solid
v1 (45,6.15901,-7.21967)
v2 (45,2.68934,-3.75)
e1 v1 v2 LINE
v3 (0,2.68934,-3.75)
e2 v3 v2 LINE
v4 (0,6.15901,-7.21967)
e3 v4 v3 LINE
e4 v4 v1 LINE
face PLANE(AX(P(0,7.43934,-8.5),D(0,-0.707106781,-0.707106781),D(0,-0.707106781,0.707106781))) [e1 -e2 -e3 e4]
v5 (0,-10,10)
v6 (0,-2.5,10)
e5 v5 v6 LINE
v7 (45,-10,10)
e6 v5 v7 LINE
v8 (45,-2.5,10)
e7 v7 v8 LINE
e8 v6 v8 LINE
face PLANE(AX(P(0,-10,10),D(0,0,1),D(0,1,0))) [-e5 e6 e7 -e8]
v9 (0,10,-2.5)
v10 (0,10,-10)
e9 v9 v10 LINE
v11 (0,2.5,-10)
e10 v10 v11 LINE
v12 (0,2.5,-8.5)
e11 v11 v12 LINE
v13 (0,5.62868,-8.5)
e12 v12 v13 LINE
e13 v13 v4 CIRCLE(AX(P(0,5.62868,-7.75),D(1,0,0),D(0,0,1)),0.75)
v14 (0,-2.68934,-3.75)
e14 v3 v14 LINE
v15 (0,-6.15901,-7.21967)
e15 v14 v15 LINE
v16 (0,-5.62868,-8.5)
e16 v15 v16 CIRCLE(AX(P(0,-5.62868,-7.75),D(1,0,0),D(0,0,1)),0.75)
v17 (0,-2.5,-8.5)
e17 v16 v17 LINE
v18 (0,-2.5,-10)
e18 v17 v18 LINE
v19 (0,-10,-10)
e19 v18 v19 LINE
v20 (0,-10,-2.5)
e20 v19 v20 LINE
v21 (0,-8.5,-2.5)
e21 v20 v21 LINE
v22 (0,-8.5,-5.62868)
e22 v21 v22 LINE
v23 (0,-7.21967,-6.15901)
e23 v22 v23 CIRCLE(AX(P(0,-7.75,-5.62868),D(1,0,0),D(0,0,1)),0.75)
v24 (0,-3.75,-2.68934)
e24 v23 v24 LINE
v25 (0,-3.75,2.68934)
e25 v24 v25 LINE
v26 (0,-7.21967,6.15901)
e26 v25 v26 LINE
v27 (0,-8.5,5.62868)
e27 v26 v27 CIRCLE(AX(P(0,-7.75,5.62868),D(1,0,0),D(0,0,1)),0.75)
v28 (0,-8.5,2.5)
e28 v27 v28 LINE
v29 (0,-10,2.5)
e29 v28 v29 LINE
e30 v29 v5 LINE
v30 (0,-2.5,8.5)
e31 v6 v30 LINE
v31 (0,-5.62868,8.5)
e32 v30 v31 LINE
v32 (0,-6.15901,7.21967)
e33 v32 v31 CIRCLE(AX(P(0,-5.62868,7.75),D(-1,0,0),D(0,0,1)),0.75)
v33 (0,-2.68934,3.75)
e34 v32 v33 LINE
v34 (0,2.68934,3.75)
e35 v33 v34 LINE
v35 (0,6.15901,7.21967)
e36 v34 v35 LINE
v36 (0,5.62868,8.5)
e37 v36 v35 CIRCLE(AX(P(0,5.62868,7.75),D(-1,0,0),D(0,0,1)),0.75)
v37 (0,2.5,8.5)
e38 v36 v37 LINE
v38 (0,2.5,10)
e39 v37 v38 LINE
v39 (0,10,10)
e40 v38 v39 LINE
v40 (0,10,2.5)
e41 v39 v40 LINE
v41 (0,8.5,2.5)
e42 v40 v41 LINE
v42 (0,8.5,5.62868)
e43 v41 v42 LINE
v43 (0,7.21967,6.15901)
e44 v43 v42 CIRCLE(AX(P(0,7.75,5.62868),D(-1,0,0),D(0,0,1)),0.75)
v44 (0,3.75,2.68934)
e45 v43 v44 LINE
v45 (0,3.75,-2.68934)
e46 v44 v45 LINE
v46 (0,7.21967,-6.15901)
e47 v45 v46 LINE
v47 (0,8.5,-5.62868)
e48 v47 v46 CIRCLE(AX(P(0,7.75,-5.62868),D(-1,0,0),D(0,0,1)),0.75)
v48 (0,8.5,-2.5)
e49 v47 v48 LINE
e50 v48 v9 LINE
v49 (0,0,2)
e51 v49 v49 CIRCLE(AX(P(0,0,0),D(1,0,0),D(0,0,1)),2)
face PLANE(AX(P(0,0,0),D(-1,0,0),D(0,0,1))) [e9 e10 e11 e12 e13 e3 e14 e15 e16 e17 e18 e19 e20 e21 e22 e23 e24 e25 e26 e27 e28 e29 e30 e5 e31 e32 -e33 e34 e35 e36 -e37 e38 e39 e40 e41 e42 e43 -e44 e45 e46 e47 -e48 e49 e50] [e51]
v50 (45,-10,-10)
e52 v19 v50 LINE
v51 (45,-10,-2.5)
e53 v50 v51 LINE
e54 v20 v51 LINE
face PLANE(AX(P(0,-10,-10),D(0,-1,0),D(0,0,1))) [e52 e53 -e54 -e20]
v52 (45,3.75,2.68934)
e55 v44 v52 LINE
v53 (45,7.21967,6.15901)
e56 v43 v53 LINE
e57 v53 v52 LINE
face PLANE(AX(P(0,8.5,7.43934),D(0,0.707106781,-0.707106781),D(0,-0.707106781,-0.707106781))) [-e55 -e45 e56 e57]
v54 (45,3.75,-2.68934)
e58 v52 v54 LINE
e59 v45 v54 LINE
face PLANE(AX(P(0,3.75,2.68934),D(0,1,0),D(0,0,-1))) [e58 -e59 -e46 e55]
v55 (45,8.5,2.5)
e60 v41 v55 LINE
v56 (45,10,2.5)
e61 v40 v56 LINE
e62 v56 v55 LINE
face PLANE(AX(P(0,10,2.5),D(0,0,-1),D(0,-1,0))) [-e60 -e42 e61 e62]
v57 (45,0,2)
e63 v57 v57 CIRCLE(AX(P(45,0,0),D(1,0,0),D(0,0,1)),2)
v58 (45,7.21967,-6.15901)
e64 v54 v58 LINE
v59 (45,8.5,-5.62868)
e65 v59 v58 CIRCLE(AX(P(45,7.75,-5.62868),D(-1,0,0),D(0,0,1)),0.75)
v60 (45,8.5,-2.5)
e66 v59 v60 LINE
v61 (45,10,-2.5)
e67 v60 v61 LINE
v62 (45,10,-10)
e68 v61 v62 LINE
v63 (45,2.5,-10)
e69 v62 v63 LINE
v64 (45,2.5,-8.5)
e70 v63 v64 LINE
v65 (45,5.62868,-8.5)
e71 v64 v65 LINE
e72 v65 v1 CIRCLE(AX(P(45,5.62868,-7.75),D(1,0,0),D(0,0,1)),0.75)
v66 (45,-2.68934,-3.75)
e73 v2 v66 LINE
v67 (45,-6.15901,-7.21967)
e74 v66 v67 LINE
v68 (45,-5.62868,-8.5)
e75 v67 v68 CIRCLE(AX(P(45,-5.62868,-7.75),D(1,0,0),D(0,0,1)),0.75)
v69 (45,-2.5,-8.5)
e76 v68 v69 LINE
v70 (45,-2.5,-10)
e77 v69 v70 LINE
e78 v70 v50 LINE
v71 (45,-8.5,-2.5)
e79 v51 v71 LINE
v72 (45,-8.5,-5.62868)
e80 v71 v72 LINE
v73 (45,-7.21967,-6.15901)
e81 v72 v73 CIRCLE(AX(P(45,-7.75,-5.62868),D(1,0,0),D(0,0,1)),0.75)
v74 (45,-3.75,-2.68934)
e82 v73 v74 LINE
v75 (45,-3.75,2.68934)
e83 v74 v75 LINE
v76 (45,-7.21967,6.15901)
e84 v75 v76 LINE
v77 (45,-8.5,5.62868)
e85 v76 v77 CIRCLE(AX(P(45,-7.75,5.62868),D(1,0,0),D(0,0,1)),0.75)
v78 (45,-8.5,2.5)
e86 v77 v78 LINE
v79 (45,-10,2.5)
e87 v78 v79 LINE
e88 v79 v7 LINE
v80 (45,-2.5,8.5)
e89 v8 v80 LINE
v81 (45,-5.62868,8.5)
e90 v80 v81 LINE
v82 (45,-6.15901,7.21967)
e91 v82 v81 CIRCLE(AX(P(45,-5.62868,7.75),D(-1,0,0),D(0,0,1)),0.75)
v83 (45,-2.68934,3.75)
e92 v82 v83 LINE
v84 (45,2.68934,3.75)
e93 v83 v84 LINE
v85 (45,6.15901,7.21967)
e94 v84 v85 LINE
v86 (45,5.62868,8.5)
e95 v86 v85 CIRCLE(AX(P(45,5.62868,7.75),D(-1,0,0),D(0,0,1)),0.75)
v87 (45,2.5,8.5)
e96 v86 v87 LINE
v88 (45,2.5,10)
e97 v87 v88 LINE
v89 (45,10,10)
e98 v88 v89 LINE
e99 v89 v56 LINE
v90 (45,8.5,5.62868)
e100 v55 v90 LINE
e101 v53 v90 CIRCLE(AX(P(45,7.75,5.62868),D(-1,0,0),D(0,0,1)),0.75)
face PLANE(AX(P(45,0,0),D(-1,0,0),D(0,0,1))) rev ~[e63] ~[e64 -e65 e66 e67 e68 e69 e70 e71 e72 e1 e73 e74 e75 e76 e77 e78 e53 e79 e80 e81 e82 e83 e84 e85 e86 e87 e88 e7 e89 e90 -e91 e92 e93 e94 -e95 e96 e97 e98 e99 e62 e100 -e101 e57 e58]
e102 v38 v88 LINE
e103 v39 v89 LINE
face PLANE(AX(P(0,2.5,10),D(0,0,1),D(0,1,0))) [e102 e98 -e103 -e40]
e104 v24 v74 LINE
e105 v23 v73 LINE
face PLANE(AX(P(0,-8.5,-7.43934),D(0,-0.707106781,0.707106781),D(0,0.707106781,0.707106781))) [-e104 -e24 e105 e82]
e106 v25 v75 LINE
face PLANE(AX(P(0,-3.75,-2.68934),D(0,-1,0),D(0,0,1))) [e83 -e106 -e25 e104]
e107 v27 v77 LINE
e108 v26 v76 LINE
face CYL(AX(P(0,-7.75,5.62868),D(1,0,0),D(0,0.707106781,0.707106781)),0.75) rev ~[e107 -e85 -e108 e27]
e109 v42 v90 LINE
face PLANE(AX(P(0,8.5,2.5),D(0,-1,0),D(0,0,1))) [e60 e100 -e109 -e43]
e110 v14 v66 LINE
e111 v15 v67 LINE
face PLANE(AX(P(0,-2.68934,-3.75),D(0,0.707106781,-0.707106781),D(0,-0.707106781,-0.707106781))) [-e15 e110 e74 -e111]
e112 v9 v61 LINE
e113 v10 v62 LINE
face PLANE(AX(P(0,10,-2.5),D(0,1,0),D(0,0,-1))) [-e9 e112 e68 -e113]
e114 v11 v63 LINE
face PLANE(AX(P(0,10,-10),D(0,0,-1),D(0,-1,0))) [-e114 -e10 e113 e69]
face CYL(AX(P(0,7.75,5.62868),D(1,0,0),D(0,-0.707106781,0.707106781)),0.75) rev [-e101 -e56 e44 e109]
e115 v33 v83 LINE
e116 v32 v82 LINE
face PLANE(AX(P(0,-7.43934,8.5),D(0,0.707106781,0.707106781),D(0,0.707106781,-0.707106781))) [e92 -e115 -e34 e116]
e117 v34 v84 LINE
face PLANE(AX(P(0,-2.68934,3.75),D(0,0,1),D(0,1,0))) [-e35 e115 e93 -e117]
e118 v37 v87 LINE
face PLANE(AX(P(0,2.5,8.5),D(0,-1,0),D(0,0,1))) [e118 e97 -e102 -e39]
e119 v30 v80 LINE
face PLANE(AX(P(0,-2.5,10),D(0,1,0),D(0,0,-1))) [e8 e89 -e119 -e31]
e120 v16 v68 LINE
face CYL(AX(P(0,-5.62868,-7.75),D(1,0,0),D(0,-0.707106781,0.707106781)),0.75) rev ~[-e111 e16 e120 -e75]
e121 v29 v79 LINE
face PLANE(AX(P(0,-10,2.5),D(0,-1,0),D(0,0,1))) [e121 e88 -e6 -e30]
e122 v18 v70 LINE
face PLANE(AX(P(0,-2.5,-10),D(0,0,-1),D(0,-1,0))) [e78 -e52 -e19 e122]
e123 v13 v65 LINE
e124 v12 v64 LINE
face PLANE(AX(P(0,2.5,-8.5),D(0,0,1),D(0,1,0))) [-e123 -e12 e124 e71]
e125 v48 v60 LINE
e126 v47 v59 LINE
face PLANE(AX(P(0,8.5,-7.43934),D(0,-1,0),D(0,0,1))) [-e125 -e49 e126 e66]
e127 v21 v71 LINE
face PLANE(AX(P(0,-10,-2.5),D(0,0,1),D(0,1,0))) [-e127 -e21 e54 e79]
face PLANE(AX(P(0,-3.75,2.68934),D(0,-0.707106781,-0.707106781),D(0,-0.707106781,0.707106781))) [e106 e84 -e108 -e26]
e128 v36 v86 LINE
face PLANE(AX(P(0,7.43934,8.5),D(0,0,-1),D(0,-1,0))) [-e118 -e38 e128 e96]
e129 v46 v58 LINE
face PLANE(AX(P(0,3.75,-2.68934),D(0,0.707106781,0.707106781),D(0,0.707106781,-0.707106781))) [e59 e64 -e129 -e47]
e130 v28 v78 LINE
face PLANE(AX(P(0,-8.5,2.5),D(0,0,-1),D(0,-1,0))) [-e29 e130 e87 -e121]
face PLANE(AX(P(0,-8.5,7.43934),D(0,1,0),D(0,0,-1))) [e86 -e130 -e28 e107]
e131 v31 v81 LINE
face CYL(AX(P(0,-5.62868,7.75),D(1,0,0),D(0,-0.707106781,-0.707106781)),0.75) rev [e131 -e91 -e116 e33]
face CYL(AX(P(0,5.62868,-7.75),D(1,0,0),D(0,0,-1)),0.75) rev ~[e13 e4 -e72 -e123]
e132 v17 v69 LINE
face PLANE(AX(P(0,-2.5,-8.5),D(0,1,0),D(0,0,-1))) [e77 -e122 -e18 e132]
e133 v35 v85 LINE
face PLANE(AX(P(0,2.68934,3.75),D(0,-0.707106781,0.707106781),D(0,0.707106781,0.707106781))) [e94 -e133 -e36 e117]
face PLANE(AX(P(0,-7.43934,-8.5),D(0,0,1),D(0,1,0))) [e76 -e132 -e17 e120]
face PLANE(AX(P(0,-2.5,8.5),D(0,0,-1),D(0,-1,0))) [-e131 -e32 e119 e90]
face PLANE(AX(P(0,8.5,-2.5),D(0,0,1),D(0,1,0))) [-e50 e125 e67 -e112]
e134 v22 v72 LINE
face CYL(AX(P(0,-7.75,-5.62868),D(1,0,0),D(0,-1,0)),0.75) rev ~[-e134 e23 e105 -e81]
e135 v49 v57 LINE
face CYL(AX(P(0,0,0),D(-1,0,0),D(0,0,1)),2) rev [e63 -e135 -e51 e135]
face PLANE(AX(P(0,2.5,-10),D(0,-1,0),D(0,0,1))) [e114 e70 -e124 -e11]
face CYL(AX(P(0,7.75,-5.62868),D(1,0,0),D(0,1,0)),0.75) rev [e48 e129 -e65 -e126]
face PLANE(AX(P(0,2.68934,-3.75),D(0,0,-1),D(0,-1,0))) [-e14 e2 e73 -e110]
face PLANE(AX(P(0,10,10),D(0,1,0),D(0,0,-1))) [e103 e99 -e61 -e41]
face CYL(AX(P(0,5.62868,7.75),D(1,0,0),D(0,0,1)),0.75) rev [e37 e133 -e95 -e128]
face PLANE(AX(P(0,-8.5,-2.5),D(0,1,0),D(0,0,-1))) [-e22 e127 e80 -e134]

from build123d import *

# Parameters (mm, degrees)
ESQUISSE1_R        = 2
BOSS_EXTRU_1_DEPTH = 45
CONG_1_R           = 0.75


with BuildPart() as part:
    # Esquisse1 → Boss.-Extru.1 (new body)
    with BuildSketch(Plane(origin=(0, 0, 0), x_dir=(0, 0, -1), z_dir=(1, 0, 0))):
        Polygon((2.5, 10), (10, 10), (10, 2.5), (8.5, 2.5), (8.5, 7.439339828), (3.75, 2.689339828), (3.75, -2.689339828), (8.5, -7.439339828), (8.5, -2.5), (10, -2.5), (10, -10), (2.5, -10), (2.5, -8.5), (7.439339828, -8.5), (2.689339828, -3.75), (-2.689339828, -3.75), (-7.439339828, -8.5), (-2.5, -8.5), (-2.5, -10), (-10, -10), (-10, -2.5), (-8.5, -2.5), (-8.5, -7.439339828), (-3.75, -2.689339828), (-3.75, 2.689339828), (-8.5, 7.439339828), (-8.5, 2.5), (-10, 2.5), (-10, 10), (-2.5, 10), (-2.5, 8.5), (-7.439339828, 8.5), (-2.689339828, 3.75), (2.689339828, 3.75), (7.439339828, 8.5), (2.5, 8.5), align=None)
        with Locations(Location((0, 0, 0), (0, 0, 180))):
            Circle(ESQUISSE1_R, mode=Mode.SUBTRACT)
    extrude(amount=BOSS_EXTRU_1_DEPTH)

    # Congé1
    cong_1_edges = [part.edges().sort_by_distance(p)[0] for p in [
        (22.5, 7.439339828, -8.5),
        (22.5, -7.439339828, -8.5),
        (22.5, -8.5, -7.439339828),
        (22.5, -8.5, 7.439339828),
        (22.5, -7.439339828, 8.5),
        (22.5, 7.439339828, 8.5),
        (22.5, 8.5, 7.439339828),
        (22.5, 8.5, -7.439339828),
    ]]
    fillet(cong_1_edges, radius=CONG_1_R)


solid = part.part
